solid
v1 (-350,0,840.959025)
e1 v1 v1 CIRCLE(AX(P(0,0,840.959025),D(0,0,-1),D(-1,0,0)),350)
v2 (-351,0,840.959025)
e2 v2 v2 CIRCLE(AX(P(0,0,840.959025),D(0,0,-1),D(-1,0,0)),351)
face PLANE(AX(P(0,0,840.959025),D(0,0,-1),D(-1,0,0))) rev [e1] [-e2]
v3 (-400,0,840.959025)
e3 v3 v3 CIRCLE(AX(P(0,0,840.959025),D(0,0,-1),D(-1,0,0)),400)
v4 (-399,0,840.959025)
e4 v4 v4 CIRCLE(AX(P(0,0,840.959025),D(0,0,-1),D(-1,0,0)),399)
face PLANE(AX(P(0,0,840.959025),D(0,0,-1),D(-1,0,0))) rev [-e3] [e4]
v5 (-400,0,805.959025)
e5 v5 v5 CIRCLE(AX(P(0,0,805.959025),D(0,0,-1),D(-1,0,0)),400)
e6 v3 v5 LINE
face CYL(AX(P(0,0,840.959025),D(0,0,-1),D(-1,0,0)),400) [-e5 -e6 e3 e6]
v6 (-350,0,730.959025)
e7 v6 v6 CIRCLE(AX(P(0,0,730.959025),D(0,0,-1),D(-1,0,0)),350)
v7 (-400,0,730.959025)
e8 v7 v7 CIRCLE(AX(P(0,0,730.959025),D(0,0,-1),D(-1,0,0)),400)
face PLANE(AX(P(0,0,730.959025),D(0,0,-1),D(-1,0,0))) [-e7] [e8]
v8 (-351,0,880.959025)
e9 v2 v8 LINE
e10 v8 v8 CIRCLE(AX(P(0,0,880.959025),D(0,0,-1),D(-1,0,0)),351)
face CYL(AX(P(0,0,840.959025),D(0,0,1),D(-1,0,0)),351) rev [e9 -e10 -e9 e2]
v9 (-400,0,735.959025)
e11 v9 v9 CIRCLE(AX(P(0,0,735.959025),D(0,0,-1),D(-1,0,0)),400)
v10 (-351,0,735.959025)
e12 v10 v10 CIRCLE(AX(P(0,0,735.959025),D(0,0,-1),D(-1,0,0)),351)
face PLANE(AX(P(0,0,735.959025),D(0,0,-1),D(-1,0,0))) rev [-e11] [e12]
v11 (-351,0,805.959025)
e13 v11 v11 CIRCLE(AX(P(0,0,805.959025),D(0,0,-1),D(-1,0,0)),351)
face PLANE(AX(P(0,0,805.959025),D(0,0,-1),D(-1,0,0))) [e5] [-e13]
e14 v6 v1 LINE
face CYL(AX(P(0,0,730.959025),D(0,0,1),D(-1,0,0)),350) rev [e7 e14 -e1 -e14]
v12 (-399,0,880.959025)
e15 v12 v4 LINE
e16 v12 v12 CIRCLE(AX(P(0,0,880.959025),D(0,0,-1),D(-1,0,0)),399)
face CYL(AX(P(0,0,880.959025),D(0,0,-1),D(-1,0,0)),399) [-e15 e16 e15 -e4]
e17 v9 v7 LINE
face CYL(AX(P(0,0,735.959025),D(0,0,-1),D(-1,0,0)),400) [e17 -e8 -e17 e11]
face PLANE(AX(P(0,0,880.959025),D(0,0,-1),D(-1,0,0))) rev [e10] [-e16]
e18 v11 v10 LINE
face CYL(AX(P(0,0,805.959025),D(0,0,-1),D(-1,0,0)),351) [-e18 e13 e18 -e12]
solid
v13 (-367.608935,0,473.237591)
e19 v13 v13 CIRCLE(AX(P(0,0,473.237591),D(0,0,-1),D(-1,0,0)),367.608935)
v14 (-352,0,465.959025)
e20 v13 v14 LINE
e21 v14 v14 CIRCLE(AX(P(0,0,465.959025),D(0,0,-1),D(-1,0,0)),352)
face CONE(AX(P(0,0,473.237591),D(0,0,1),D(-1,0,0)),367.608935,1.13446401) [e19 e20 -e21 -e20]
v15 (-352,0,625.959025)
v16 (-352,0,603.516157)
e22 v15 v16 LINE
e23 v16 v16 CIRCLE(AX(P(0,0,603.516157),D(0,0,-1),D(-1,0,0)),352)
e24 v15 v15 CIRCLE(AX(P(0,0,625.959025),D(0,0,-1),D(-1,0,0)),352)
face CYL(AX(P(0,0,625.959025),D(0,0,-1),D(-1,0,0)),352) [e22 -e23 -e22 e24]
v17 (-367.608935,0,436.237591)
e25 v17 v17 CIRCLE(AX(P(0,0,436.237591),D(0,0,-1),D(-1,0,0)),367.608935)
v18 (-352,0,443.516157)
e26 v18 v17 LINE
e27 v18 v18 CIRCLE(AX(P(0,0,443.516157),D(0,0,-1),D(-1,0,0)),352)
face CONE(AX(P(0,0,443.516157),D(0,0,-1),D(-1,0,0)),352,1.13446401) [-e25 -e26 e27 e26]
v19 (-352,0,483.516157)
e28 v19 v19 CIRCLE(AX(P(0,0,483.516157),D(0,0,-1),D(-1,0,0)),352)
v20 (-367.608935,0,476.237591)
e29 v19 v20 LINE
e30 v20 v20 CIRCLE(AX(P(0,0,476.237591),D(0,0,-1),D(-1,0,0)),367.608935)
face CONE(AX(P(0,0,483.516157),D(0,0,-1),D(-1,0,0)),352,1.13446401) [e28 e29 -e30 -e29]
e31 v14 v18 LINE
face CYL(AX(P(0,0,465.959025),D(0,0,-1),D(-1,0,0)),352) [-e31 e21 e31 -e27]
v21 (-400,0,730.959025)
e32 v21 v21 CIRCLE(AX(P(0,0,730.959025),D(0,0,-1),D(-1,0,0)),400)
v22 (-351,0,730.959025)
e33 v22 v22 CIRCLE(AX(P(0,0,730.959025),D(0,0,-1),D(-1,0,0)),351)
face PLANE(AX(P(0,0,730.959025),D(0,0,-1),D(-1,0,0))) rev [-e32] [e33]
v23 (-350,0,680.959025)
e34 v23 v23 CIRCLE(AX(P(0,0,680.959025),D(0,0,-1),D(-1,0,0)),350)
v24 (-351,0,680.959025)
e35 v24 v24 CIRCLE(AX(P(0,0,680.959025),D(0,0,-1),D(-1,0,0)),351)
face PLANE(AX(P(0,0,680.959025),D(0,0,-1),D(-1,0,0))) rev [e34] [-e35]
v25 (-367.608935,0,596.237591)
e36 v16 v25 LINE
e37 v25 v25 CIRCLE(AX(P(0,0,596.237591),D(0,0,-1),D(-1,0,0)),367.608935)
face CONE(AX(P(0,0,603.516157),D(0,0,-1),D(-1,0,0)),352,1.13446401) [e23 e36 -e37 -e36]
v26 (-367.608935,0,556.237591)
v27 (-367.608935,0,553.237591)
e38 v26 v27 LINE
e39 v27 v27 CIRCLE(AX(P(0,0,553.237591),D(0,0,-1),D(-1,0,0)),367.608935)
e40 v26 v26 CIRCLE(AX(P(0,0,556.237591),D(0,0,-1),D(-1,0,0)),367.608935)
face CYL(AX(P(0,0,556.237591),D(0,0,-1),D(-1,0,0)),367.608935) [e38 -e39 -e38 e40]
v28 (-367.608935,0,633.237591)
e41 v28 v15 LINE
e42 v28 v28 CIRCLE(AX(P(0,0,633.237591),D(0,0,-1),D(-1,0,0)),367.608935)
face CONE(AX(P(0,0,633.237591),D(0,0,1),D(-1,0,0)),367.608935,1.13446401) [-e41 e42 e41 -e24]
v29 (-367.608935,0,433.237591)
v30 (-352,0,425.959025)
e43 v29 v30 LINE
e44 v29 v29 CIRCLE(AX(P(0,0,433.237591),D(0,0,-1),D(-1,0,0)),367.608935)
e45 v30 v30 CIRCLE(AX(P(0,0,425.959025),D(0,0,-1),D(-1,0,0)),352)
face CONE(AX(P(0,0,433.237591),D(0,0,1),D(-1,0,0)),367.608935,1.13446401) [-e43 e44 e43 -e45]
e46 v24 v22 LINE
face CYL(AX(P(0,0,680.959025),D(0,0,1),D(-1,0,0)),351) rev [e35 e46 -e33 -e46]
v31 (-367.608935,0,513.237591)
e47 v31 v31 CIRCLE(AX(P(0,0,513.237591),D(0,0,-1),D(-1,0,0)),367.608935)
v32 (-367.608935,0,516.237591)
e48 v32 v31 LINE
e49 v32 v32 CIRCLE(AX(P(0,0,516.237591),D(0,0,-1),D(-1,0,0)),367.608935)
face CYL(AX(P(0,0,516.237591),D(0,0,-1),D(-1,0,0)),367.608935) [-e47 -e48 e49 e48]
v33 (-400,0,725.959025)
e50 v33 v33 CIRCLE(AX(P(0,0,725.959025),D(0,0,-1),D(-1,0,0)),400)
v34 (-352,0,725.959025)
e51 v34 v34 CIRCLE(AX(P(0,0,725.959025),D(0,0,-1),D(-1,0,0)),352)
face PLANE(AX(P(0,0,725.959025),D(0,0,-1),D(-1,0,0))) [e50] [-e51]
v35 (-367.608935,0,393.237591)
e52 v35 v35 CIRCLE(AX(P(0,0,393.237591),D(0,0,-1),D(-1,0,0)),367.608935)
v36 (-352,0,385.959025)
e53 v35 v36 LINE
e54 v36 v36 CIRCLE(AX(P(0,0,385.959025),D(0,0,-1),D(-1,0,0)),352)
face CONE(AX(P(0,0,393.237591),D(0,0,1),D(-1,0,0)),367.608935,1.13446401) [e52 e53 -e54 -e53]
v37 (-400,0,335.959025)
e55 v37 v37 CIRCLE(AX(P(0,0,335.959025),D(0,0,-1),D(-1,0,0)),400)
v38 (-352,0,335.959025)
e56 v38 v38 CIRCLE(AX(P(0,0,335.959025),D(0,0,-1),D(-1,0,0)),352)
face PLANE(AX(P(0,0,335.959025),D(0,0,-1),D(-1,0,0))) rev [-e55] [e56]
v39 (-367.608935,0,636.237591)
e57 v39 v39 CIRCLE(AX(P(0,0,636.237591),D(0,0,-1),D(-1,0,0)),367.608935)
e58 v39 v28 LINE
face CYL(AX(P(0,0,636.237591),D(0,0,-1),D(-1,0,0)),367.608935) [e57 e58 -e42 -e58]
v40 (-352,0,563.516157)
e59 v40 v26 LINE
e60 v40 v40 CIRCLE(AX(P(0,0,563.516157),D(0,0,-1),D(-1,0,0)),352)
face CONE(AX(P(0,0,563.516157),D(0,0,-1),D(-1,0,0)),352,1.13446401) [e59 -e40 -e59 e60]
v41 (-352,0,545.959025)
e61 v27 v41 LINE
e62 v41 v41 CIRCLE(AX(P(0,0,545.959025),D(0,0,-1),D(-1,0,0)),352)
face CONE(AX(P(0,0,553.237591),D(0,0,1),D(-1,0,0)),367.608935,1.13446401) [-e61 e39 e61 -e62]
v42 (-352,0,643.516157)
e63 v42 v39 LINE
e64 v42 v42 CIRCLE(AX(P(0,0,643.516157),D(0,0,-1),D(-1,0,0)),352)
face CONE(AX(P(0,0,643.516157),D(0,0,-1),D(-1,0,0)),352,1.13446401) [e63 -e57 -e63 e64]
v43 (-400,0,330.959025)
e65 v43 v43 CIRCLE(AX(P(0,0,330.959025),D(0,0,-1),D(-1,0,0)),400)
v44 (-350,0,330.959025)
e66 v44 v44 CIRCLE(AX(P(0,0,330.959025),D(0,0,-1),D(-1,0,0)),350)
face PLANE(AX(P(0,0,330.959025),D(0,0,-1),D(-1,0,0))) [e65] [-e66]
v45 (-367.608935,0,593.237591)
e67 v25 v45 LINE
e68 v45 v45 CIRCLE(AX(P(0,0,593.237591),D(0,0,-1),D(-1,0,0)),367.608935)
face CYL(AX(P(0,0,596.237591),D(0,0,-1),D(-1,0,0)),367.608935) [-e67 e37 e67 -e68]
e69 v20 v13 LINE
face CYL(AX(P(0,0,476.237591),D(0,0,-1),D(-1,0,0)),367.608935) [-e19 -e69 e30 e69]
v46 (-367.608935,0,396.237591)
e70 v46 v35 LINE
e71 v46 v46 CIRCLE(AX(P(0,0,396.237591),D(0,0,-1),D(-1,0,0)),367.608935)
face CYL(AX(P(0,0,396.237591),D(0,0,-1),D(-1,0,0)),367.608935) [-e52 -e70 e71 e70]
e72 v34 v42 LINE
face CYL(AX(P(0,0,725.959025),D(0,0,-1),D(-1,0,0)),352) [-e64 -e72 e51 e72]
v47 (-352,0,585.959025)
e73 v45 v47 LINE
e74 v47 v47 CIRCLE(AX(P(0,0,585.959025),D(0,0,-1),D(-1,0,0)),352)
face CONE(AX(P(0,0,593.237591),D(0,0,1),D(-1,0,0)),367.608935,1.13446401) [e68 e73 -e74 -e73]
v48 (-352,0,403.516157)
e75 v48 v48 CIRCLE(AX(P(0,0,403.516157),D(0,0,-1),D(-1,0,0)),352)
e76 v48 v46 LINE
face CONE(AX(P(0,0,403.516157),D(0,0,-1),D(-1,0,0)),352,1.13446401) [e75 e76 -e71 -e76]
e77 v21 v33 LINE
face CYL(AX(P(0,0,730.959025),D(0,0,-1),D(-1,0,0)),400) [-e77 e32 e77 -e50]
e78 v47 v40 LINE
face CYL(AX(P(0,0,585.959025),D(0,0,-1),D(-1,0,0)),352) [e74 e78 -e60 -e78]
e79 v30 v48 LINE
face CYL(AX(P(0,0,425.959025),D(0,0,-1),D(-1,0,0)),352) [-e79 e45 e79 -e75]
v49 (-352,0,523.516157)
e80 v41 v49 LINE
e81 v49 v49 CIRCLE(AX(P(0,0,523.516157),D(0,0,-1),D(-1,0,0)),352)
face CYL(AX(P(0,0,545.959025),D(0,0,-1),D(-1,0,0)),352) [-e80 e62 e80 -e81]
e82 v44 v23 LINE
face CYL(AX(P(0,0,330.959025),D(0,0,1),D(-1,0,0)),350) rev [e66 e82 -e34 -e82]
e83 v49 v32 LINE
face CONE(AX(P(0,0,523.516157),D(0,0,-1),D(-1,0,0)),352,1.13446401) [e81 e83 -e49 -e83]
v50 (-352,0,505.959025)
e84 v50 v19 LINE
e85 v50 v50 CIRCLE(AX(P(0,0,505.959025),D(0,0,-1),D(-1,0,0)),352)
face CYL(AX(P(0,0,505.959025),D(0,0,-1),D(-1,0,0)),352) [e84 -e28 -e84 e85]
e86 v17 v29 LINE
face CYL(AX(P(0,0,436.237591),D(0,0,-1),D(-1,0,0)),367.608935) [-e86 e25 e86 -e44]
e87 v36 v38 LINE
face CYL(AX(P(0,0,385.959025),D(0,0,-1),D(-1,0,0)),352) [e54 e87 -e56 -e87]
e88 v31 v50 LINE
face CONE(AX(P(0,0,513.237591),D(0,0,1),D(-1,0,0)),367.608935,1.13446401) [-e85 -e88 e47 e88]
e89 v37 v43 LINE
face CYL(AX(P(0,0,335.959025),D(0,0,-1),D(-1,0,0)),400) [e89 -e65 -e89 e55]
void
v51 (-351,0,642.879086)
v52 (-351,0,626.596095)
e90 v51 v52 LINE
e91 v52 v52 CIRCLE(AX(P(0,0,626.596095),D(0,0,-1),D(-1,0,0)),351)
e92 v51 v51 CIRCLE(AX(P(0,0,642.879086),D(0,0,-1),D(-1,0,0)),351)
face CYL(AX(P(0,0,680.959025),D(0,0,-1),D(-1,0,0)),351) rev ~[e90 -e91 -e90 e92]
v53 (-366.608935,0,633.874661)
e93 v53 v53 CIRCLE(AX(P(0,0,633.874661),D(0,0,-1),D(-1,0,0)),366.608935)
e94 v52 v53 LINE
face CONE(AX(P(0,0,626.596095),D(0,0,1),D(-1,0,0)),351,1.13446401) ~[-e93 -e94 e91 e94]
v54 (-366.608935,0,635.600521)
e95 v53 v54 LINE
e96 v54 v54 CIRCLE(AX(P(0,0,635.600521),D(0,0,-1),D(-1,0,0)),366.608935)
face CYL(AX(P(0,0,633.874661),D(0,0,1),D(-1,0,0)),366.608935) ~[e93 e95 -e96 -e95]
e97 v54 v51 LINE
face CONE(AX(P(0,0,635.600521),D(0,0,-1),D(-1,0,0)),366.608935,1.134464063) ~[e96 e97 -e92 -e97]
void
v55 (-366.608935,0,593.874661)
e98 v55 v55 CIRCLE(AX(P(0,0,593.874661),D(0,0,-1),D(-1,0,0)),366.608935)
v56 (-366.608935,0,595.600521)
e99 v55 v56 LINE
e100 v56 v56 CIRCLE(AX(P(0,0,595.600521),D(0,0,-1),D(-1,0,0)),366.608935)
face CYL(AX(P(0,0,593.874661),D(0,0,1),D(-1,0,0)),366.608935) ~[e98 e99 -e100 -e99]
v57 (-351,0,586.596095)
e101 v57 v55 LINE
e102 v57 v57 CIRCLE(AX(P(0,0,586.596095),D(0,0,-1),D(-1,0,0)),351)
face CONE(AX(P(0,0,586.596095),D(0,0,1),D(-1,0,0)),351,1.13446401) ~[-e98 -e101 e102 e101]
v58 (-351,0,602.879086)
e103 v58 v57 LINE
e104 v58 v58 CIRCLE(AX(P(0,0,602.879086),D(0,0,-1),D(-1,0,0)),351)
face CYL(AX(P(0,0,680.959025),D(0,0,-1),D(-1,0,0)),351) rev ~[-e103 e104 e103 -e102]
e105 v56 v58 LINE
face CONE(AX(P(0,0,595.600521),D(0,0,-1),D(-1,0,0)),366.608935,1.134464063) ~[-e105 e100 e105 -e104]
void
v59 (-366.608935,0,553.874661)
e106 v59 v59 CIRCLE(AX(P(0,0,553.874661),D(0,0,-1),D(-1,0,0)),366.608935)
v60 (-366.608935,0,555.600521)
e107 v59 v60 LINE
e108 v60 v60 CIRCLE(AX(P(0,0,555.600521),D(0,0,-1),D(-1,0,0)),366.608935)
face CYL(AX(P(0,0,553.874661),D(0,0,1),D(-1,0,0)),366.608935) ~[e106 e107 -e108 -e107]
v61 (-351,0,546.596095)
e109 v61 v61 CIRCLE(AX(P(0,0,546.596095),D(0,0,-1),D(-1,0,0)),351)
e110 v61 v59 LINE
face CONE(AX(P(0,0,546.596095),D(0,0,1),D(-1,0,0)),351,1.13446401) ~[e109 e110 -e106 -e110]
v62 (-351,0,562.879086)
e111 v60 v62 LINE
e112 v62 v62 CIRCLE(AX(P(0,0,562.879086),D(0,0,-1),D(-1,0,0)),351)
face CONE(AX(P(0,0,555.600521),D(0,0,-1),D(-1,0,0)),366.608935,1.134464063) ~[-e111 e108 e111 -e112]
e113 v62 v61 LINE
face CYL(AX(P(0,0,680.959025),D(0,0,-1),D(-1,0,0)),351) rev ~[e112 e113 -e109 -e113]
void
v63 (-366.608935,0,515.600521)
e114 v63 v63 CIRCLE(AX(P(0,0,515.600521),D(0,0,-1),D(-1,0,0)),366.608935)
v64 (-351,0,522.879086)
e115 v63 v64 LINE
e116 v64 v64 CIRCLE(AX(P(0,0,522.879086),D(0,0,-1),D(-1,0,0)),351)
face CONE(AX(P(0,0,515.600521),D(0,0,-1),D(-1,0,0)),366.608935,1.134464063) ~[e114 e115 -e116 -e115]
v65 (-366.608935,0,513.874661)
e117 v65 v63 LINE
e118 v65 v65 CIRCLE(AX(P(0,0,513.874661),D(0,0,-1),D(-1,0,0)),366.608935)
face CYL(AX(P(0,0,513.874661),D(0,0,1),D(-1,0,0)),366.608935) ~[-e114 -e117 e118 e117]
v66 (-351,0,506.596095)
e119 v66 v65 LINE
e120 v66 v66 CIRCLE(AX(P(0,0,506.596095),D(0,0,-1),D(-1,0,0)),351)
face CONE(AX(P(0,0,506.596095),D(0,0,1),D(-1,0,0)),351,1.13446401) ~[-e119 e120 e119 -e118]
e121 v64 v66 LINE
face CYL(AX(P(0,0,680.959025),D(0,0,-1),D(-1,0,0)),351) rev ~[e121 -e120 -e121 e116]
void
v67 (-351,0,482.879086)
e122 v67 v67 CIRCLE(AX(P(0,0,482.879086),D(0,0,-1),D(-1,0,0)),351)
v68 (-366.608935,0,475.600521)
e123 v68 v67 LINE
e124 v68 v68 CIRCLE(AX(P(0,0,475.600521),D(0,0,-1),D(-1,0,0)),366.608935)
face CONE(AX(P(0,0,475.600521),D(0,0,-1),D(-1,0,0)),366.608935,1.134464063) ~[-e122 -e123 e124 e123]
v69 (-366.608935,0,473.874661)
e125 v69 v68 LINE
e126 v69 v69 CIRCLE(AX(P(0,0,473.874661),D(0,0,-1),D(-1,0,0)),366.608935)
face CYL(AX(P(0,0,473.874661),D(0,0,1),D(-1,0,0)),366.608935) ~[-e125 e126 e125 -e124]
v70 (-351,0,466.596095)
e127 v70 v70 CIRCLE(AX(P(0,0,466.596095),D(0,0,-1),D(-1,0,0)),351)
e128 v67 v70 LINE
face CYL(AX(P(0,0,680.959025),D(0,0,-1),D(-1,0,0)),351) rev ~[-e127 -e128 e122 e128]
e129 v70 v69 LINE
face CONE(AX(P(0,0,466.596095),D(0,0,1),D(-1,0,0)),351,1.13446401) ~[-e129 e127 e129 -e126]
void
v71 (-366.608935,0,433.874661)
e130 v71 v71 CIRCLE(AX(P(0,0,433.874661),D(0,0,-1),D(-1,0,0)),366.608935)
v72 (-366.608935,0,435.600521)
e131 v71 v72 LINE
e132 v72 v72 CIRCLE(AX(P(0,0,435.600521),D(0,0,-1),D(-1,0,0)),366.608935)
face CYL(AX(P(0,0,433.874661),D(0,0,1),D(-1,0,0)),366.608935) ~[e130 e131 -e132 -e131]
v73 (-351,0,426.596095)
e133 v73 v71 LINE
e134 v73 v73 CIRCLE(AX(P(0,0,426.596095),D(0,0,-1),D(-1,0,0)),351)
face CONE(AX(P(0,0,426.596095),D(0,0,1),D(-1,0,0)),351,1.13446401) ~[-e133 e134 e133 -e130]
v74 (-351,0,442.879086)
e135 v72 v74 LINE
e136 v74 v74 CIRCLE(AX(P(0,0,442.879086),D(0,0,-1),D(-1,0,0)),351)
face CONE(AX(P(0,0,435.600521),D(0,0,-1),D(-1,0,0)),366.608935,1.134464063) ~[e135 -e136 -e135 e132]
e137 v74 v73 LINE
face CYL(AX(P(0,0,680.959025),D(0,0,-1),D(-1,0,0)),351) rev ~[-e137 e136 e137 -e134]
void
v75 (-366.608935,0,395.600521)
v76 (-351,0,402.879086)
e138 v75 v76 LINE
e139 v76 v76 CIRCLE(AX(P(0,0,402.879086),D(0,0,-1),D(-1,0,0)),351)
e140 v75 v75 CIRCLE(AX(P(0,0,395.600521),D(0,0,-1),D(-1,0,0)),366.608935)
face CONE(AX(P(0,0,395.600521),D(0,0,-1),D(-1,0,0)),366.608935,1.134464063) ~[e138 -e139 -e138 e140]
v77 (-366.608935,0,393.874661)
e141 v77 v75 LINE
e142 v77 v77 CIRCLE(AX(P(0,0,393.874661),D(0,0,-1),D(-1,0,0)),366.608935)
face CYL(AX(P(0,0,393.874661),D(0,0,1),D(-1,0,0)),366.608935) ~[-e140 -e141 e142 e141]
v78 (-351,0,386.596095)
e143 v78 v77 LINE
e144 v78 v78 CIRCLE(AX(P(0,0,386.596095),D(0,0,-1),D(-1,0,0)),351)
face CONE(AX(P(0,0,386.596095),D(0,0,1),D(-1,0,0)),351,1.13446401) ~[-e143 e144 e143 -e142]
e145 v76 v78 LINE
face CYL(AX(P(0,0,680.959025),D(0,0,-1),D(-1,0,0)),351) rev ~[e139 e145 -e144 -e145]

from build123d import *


with BuildPart() as f1:
    # F0 (on Front) → F1 (revolve)
    with BuildSketch(Plane.XZ):
        Polygon((-400, 330.959025), (-350, 330.959025), (-350, 680.959025), (-351, 680.959025), (-351, 642.879086), (-351, 626.596095), (-351, 602.879086), (-351, 586.596095), (-351, 562.879086), (-351, 546.596095), (-351, 522.879086), (-351, 506.596095), (-351, 482.879086), (-351, 466.596095), (-351, 442.879086), (-351, 426.596095), (-351, 402.879086), (-351, 386.596095), (-351, 335.959025), (-352, 335.959025), (-400, 335.959025), align=None)
        Polygon((-351, 642.879086), (-351, 680.959025), (-351, 690.959025), (-351, 730.959025), (-352, 730.959025), (-400, 730.959025), (-400, 725.959025), (-352, 725.959025), (-352, 665.959025), (-352, 643.516157), (-367.608935, 636.237591), (-367.608935, 633.237591), (-352, 625.959025), (-352, 603.516157), (-367.608935, 596.237591), (-367.608935, 593.237591), (-352, 585.959025), (-352, 563.516157), (-367.608935, 556.237591), (-367.608935, 553.237591), (-352, 545.959025), (-352, 523.516157), (-367.608935, 516.237591), (-367.608935, 513.237591), (-352, 505.959025), (-352, 483.516157), (-367.608935, 476.237591), (-367.608935, 473.237591), (-352, 465.959025), (-352, 443.516157), (-367.608935, 436.237591), (-367.608935, 433.237591), (-352, 425.959025), (-352, 403.516157), (-367.608935, 396.237591), (-367.608935, 393.237591), (-352, 385.959025), (-352, 335.959025), (-351, 335.959025), (-351, 386.596095), (-366.608935, 393.874661), (-366.608935, 395.600521), (-351, 402.879086), (-351, 426.596095), (-366.608935, 433.874661), (-366.608935, 435.600521), (-351, 442.879086), (-351, 466.596095), (-366.608935, 473.874661), (-366.608935, 475.600521), (-351, 482.879086), (-351, 506.596095), (-366.608935, 513.874661), (-366.608935, 515.600521), (-351, 522.879086), (-351, 546.596095), (-366.608935, 553.874661), (-366.608935, 555.600521), (-351, 562.879086), (-351, 586.596095), (-366.608935, 593.874661), (-366.608935, 595.600521), (-351, 602.879086), (-351, 626.596095), (-366.608935, 633.874661), (-366.608935, 635.600521), align=None)
    revolve(axis=Axis((0, 0, 197.206839), (0, 0, -1)))


with BuildPart() as f2:
    # F0 (on Front) → F2 (revolve)
    with BuildSketch(Plane.XZ):
        Polygon((-352, 730.959025), (-351, 730.959025), (-350, 730.959025), (-350, 840.959025), (-351, 840.959025), (-351, 880.959025), (-399, 880.959025), (-399, 840.959025), (-400, 840.959025), (-400, 805.959025), (-351, 805.959025), (-351, 735.959025), (-400, 735.959025), (-400, 730.959025), align=None)
    revolve(axis=Axis((0, 0, 197.206839), (0, 0, -1)))


solid = Compound([f1.part, f2.part])
